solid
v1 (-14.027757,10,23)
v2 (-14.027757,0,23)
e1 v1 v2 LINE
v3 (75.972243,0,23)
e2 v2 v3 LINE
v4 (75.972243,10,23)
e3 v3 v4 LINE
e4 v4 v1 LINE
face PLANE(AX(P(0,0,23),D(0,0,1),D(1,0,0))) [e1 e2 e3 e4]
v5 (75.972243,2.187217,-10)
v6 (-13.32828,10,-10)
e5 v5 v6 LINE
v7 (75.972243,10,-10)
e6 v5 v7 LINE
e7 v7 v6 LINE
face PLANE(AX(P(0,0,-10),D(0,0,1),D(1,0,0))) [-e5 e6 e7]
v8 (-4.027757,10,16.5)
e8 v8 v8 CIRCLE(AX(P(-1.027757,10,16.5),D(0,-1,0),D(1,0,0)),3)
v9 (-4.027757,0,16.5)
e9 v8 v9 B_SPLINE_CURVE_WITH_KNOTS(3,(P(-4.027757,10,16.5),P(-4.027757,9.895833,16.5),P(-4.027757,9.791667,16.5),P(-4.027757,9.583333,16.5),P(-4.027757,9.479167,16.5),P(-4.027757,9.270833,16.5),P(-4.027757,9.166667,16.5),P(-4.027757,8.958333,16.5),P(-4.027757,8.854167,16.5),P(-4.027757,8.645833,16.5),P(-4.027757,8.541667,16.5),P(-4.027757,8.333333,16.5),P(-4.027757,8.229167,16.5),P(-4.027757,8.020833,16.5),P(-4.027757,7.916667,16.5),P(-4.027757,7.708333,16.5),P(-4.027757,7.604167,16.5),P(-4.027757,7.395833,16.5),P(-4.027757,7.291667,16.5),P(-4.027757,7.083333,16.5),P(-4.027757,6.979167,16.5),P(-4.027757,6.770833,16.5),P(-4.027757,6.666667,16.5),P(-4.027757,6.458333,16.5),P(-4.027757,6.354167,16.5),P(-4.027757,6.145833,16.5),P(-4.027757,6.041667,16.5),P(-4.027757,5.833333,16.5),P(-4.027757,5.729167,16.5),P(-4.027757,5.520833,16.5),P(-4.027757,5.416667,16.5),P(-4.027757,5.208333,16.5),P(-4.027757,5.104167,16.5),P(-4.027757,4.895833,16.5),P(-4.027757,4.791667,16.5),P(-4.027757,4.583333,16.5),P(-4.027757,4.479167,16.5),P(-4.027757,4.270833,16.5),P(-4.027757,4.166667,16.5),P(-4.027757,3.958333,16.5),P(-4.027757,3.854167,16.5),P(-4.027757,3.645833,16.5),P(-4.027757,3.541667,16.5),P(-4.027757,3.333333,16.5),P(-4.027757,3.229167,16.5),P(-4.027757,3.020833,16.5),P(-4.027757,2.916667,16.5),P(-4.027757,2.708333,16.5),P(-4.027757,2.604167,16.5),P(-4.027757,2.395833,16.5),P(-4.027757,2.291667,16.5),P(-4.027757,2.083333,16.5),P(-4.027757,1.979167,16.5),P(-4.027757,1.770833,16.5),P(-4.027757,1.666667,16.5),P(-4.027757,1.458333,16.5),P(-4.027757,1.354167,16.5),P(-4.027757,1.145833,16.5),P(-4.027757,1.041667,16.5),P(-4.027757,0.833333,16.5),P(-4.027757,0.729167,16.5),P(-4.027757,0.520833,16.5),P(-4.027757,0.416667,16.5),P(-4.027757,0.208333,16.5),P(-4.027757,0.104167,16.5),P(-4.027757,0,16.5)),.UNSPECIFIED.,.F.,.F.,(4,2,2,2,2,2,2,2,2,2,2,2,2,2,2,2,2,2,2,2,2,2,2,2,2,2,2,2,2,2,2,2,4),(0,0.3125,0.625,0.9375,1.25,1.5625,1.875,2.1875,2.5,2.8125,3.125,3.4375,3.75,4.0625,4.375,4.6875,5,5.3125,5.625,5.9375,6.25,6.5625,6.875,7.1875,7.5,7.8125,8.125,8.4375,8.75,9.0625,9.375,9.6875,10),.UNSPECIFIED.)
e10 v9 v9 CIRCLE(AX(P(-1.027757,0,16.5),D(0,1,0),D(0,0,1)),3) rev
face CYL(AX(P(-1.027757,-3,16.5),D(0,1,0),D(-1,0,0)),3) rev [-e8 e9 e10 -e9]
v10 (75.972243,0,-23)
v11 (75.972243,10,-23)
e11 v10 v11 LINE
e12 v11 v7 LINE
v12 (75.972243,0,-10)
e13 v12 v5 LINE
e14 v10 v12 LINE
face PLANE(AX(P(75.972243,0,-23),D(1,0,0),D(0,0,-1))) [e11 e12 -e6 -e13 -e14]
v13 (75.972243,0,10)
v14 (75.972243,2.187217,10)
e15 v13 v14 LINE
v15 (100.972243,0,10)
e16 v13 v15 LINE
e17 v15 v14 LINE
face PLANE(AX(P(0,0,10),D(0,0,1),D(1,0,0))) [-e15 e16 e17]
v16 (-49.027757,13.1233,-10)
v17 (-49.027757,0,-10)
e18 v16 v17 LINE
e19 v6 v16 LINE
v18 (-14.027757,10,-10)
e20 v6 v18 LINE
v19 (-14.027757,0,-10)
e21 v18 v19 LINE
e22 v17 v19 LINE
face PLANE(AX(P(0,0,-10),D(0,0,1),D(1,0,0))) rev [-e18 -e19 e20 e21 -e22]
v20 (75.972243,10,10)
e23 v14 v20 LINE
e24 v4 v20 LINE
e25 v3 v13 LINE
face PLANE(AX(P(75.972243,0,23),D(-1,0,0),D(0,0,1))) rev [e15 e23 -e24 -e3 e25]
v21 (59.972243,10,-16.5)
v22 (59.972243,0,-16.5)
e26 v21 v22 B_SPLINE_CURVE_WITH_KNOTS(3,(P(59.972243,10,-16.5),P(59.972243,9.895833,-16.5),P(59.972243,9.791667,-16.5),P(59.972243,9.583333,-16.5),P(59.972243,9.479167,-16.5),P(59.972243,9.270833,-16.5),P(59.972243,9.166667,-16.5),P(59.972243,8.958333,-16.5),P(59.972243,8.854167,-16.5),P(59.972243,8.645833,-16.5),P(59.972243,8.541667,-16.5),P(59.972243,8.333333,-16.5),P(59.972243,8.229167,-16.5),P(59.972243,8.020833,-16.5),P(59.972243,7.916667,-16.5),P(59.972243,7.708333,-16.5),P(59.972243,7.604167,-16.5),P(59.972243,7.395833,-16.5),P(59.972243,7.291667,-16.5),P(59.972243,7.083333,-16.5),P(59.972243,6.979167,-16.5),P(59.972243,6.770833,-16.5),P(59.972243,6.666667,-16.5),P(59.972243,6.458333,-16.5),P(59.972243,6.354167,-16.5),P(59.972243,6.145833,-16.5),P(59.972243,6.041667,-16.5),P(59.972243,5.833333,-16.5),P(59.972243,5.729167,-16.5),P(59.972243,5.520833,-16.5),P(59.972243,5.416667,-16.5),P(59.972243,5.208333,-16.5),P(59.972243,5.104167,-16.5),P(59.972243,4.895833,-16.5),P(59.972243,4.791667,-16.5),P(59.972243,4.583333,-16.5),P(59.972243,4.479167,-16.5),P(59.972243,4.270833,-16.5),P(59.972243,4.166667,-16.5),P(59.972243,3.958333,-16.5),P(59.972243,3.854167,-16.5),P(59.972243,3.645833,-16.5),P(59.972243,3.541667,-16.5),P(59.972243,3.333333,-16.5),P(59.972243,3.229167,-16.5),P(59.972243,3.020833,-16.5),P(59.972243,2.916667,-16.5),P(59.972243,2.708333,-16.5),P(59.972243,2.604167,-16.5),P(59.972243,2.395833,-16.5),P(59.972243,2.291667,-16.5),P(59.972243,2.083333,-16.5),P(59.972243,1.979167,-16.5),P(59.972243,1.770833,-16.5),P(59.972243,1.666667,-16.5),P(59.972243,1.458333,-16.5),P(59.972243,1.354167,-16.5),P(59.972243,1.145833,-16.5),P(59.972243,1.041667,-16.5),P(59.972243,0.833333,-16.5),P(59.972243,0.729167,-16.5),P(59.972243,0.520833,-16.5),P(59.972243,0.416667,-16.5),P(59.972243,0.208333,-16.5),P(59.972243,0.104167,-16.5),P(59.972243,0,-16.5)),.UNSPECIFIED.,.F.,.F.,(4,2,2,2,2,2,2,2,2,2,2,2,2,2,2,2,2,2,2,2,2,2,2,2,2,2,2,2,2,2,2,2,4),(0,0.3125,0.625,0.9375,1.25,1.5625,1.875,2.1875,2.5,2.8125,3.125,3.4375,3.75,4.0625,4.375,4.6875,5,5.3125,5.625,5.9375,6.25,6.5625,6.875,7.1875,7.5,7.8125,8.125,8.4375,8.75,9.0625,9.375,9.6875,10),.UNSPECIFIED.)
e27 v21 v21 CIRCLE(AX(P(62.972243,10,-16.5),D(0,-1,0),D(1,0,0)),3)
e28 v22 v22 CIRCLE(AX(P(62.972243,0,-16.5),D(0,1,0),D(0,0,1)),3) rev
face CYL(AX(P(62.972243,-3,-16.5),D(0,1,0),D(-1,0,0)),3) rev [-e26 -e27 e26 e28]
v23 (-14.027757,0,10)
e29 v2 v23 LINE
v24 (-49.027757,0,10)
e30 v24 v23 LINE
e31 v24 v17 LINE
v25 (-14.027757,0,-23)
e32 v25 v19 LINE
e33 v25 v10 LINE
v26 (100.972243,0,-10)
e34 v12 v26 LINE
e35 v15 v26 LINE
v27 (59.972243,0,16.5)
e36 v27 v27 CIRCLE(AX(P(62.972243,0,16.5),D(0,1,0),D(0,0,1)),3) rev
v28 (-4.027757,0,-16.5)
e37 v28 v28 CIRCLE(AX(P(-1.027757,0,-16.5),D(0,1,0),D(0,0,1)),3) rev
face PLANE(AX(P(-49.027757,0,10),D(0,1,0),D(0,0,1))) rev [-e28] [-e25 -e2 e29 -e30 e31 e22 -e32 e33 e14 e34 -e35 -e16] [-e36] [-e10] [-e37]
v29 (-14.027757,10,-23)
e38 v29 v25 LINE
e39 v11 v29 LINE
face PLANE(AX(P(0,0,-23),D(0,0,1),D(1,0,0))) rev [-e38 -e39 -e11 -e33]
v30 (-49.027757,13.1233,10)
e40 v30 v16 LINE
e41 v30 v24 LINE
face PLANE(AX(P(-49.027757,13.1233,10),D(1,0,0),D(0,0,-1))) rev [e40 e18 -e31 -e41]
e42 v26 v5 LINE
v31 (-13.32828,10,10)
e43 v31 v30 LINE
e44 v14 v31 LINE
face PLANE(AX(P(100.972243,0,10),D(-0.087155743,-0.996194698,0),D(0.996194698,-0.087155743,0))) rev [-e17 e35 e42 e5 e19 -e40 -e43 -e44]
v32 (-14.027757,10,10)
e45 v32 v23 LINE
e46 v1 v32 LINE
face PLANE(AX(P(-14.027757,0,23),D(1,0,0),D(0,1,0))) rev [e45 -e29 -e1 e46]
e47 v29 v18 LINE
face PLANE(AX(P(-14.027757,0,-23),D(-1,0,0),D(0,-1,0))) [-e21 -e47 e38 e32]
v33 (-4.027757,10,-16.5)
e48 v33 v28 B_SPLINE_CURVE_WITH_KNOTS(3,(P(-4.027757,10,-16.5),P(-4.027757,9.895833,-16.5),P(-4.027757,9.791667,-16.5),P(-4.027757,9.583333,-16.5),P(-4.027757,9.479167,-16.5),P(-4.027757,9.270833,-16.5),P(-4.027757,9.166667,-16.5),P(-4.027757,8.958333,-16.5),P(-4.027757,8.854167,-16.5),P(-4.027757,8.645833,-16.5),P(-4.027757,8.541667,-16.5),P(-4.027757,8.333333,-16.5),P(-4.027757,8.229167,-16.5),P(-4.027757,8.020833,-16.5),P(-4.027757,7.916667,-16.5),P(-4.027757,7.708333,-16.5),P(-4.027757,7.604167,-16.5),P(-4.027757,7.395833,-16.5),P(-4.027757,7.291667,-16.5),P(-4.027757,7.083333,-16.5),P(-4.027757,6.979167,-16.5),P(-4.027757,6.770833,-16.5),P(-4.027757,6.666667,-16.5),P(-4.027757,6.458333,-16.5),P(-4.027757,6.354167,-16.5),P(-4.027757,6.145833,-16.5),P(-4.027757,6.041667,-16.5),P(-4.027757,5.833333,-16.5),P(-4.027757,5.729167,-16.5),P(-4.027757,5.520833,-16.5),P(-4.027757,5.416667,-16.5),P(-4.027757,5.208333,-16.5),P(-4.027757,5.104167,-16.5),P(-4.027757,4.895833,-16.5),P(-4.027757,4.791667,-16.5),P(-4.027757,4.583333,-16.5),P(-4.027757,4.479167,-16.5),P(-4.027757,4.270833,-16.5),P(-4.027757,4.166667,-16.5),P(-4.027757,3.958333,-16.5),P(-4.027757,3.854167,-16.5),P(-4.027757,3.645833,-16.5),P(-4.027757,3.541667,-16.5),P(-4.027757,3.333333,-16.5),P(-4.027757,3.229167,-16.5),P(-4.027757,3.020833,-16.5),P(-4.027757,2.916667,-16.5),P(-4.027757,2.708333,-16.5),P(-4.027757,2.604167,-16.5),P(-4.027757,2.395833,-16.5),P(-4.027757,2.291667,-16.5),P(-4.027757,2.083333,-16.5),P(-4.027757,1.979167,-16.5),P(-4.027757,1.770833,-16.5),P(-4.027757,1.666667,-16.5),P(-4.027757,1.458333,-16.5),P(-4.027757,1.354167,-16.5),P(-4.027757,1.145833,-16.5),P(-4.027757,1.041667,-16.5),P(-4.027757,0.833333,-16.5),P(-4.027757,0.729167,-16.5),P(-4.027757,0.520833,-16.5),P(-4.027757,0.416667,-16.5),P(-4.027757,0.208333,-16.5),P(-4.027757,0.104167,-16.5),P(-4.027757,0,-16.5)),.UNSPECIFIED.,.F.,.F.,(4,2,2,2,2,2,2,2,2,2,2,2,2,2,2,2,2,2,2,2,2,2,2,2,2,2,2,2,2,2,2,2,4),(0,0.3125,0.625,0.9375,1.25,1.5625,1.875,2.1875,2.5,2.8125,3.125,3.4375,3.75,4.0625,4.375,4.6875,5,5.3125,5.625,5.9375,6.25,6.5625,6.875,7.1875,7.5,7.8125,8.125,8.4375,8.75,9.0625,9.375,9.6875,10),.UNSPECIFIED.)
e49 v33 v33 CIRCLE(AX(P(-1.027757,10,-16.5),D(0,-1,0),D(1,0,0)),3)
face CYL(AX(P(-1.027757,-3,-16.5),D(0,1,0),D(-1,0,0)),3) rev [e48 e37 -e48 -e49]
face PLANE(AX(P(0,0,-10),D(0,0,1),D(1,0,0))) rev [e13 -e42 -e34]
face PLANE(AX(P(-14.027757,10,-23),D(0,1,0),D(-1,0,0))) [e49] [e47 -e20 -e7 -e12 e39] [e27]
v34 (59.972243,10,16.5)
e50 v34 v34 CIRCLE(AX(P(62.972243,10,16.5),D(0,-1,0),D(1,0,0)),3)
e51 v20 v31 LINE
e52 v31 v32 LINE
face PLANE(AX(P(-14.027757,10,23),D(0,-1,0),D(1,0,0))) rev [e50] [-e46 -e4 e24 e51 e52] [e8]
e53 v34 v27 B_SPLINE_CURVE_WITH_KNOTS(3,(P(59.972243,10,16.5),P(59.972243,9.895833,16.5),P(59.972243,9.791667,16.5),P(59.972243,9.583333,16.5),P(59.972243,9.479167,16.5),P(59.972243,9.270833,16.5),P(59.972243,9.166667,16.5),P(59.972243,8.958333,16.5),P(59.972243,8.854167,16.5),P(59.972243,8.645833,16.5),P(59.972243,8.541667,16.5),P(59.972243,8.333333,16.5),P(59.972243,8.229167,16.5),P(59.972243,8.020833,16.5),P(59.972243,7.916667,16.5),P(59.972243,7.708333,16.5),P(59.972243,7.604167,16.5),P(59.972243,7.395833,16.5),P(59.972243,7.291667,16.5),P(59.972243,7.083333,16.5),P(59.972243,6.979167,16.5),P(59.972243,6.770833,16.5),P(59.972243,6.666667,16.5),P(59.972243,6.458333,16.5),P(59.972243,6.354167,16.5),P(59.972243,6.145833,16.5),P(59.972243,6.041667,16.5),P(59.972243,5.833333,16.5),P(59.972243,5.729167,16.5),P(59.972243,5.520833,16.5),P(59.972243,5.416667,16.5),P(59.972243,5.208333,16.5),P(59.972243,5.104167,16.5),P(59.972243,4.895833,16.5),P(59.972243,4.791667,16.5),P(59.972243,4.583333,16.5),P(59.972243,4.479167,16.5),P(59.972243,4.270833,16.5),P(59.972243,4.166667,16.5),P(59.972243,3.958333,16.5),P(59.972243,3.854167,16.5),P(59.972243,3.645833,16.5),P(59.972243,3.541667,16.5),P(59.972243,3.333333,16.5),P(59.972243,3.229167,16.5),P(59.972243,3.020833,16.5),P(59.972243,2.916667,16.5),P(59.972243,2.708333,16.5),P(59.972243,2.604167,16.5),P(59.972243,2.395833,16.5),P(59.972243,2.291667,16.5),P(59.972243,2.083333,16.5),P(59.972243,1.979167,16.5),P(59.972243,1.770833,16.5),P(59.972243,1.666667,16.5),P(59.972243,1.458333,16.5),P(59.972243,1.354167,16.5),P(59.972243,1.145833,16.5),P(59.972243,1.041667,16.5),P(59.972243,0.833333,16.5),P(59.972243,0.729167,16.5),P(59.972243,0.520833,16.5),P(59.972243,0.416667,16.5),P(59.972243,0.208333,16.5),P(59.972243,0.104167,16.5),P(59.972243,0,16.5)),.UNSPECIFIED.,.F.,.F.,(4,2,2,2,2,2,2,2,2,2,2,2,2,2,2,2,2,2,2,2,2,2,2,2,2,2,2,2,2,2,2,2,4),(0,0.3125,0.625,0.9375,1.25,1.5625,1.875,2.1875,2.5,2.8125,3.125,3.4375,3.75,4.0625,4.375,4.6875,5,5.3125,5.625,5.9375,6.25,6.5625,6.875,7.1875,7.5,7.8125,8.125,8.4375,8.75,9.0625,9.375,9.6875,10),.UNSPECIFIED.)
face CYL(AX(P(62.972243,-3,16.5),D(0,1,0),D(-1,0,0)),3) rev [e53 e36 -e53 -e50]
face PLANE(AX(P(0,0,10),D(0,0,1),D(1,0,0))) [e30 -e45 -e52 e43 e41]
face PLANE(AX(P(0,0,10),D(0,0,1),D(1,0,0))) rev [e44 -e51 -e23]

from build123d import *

# Parameters (mm, degrees)
BOSS_EXTRUDE1_DEPTH = 10
SKETCH2_W           = 90
SKETCH2_H           = 10
BOSS_EXTRUDE2_DEPTH = 13
SKETCH3_W           = 90
SKETCH3_H           = 10
BOSS_EXTRUDE3_DEPTH = 13
SKETCH4_R           = 3
CUT_EXTRUDE2_DEPTH  = 13


with BuildPart() as part:
    # Sketch1 → Boss-Extrude1 (new, symmetric)
    with BuildSketch(Plane.XY):
        Polygon((-49.027757444, 0), (100.972242556, 0), (-49.027757444, 13.123299529), align=None)
    extrude(amount=BOSS_EXTRUDE1_DEPTH, both=True)

    # Sketch2 → Boss-Extrude2 (add)
    with BuildSketch(Plane.XY.offset(10)):
        with Locations((30.972242556, 5)):
            Rectangle(SKETCH2_W, SKETCH2_H)
    extrude(amount=BOSS_EXTRUDE2_DEPTH)

    # Sketch3 → Boss-Extrude3 (add)
    with BuildSketch(Plane.XY.offset(-10)):
        with Locations((30.972242556, 5)):
            Rectangle(SKETCH3_W, SKETCH3_H)
    extrude(amount=-BOSS_EXTRUDE3_DEPTH)

    # Sketch4 → Cut-Extrude2 (cut)
    with BuildSketch(Plane.XZ.offset(-10)):
        with Locations(Location((-1.027757444, 16.5, 0), (0, 0, 180))):
            Circle(SKETCH4_R)
        with Locations(Location((62.972242556, 16.5, 0), (0, 0, 180))):
            Circle(SKETCH4_R)
        with Locations(Location((62.972242556, -16.5, 0), (0, 0, 180))):
            Circle(SKETCH4_R)
        with Locations(Location((-1.027757444, -16.5, 0), (0, 0, 180))):
            Circle(SKETCH4_R)
    extrude(amount=CUT_EXTRUDE2_DEPTH, mode=Mode.SUBTRACT)


solid = part.part
